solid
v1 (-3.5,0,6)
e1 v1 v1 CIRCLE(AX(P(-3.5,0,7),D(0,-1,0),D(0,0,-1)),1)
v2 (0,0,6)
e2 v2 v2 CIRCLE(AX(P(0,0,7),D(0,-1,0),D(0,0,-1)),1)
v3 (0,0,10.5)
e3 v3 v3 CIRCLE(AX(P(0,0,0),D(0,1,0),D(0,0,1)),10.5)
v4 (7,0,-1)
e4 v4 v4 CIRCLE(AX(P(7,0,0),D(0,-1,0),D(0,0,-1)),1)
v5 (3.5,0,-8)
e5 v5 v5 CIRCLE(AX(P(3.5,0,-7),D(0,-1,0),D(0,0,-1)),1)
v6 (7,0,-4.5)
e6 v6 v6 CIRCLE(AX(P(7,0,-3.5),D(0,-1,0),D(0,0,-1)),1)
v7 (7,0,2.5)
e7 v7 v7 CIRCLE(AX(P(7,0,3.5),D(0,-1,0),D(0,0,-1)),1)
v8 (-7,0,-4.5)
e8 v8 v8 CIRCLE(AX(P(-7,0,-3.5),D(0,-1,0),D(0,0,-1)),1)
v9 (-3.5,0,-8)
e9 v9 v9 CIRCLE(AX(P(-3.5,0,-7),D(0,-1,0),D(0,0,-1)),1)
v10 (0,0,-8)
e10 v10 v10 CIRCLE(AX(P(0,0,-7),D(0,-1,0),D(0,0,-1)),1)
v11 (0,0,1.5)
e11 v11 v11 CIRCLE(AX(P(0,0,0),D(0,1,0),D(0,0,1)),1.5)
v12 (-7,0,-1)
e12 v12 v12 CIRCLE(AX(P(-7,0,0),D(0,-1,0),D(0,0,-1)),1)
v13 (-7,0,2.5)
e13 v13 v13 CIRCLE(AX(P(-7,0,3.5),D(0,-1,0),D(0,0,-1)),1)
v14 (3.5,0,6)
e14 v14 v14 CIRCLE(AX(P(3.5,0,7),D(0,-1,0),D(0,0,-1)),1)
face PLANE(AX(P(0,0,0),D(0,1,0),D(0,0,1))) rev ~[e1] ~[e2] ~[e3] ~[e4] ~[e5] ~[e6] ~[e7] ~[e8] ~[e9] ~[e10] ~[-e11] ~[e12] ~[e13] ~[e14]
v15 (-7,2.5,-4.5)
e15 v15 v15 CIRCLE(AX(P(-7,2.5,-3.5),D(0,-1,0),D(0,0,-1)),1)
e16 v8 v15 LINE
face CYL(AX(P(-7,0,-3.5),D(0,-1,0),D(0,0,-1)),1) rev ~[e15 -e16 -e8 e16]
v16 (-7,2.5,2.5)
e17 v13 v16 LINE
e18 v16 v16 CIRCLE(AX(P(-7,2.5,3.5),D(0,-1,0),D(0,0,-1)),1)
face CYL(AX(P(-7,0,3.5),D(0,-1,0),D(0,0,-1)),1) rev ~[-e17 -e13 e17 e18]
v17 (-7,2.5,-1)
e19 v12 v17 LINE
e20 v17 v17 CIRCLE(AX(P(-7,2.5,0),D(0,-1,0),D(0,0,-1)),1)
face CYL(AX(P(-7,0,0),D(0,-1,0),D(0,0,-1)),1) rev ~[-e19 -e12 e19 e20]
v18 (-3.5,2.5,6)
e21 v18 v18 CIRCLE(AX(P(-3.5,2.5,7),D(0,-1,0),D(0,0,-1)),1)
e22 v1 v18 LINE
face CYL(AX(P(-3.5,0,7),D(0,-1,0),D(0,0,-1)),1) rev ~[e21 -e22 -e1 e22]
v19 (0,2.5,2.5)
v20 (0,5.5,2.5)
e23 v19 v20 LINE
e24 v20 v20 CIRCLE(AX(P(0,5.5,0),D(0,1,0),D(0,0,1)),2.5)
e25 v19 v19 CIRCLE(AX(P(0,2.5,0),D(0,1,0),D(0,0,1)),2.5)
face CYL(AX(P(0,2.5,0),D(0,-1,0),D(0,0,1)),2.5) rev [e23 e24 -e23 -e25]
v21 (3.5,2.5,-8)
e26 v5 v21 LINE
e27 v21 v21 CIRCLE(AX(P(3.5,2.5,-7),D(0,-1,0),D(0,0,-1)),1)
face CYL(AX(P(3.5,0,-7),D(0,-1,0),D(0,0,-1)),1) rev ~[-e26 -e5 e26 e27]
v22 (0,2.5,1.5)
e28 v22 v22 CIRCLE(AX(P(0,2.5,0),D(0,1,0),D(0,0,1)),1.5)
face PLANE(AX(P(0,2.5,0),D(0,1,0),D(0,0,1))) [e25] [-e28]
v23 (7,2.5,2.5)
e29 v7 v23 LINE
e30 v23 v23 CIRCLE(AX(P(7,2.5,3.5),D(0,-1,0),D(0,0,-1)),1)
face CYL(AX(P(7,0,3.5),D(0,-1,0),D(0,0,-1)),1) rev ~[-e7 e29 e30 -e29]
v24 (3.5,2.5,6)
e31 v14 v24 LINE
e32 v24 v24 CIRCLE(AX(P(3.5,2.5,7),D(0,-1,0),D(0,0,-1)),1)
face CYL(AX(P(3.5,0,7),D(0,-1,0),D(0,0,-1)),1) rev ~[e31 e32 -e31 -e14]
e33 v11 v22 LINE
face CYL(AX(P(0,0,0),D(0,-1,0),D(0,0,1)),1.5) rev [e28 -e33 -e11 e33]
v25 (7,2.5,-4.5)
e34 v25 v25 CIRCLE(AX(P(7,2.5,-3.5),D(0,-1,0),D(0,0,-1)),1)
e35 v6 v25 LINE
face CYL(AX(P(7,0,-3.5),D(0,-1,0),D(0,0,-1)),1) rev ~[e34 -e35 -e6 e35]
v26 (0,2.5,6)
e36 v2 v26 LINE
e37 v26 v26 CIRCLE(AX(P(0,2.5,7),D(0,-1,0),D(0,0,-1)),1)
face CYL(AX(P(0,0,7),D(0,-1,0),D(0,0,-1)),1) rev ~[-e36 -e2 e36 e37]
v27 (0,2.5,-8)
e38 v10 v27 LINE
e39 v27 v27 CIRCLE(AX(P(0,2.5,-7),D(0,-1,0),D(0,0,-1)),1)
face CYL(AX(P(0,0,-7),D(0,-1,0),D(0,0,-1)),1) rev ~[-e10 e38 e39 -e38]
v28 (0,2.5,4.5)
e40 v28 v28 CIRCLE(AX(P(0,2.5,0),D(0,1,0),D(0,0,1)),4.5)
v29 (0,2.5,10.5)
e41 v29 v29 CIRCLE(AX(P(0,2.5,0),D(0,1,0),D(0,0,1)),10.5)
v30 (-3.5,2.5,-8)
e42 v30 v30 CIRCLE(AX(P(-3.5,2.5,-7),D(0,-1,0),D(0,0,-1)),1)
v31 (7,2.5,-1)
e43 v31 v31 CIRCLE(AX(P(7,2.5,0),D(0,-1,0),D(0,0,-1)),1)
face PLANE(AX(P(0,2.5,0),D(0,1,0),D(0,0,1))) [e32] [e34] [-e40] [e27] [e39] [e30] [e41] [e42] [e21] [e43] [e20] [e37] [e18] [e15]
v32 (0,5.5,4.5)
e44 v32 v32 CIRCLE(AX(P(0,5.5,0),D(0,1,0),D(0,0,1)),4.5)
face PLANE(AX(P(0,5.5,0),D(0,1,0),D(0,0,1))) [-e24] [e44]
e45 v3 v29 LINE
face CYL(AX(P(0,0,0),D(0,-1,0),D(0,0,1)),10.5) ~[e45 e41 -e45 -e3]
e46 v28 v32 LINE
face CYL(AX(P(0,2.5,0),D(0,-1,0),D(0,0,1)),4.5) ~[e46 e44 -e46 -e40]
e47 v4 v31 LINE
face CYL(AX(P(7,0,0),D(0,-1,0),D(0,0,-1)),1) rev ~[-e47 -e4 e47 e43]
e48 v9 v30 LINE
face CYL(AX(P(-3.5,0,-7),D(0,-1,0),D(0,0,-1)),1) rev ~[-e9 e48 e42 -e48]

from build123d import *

# Parameters (mm, degrees)
SKETCH1_R           = 10.5
SKETCH1_R_2         = 1.5
BOSS_EXTRUDE1_DEPTH = 2.5
SKETCH2_R           = 4.5
SKETCH2_R_2         = 2.5
BOSS_EXTRUDE2_DEPTH = 3
CUT_EXTRUDE1_REACH  = 17.835
SKETCH3_R           = 1


with BuildPart() as part:
    # Sketch1 → Boss-Extrude1 (new body)
    with BuildSketch(Plane(origin=(0, 0, 0), x_dir=(1, 0, 0), z_dir=(0, 1, 0))):
        with Locations(Location((0, 0, 0), (0, 0, 270))):
            Circle(SKETCH1_R)
        with Locations(Location((0, 0, 0), (0, 0, 270))):
            Circle(SKETCH1_R_2, mode=Mode.SUBTRACT)
    extrude(amount=BOSS_EXTRUDE1_DEPTH)

    # Sketch2 → Boss-Extrude2 (add)
    with BuildSketch(Plane(origin=(0, 2.5, 0), x_dir=(1, 0, 0), z_dir=(0, 1, 0))):
        with Locations(Location((0, 0, 0), (0, 0, 270))):
            Circle(SKETCH2_R)
        with Locations(Location((0, 0, 0), (0, 0, 270))):
            Circle(SKETCH2_R_2, mode=Mode.SUBTRACT)
    extrude(amount=BOSS_EXTRUDE2_DEPTH)

    # Sketch3 → Cut-Extrude1 (cut, up to next)
    with BuildSketch(Plane.XZ, mode=Mode.PRIVATE) as cut_extrude1_sk1:
        with Locations(Location((-3.5, 7, 0), (0, 0, 270))):
            Circle(SKETCH3_R)
    cut_extrude1_tool1 = extrude(cut_extrude1_sk1.sketch, amount=-CUT_EXTRUDE1_REACH, mode=Mode.PRIVATE) & part.part
    # Sketch3 → Cut-Extrude1 (cut, up to next)
    with BuildSketch(Plane.XZ, mode=Mode.PRIVATE) as cut_extrude1_sk2:
        with Locations(Location((0, 7, 0), (0, 0, 270))):
            Circle(SKETCH3_R)
    cut_extrude1_tool2 = extrude(cut_extrude1_sk2.sketch, amount=-CUT_EXTRUDE1_REACH, mode=Mode.PRIVATE) & part.part
    # Sketch3 → Cut-Extrude1 (cut, up to next)
    with BuildSketch(Plane.XZ, mode=Mode.PRIVATE) as cut_extrude1_sk3:
        with Locations(Location((3.5, 7, 0), (0, 0, 270))):
            Circle(SKETCH3_R)
    cut_extrude1_tool3 = extrude(cut_extrude1_sk3.sketch, amount=-CUT_EXTRUDE1_REACH, mode=Mode.PRIVATE) & part.part
    # Sketch3 → Cut-Extrude1 (cut, up to next)
    with BuildSketch(Plane.XZ, mode=Mode.PRIVATE) as cut_extrude1_sk4:
        with Locations(Location((7, -3.5, 0), (0, 0, 270))):
            Circle(SKETCH3_R)
    cut_extrude1_tool4 = extrude(cut_extrude1_sk4.sketch, amount=-CUT_EXTRUDE1_REACH, mode=Mode.PRIVATE) & part.part
    # Sketch3 → Cut-Extrude1 (cut, up to next)
    with BuildSketch(Plane.XZ, mode=Mode.PRIVATE) as cut_extrude1_sk5:
        with Locations(Location((7, 0, 0), (0, 0, 270))):
            Circle(SKETCH3_R)
    cut_extrude1_tool5 = extrude(cut_extrude1_sk5.sketch, amount=-CUT_EXTRUDE1_REACH, mode=Mode.PRIVATE) & part.part
    # Sketch3 → Cut-Extrude1 (cut, up to next)
    with BuildSketch(Plane.XZ, mode=Mode.PRIVATE) as cut_extrude1_sk6:
        with Locations(Location((7, 3.5, 0), (0, 0, 270))):
            Circle(SKETCH3_R)
    cut_extrude1_tool6 = extrude(cut_extrude1_sk6.sketch, amount=-CUT_EXTRUDE1_REACH, mode=Mode.PRIVATE) & part.part
    # Sketch3 → Cut-Extrude1 (cut, up to next)
    with BuildSketch(Plane.XZ, mode=Mode.PRIVATE) as cut_extrude1_sk7:
        with Locations(Location((-3.5, -7, 0), (0, 0, 270))):
            Circle(SKETCH3_R)
    cut_extrude1_tool7 = extrude(cut_extrude1_sk7.sketch, amount=-CUT_EXTRUDE1_REACH, mode=Mode.PRIVATE) & part.part
    # Sketch3 → Cut-Extrude1 (cut, up to next)
    with BuildSketch(Plane.XZ, mode=Mode.PRIVATE) as cut_extrude1_sk8:
        with Locations(Location((0, -7, 0), (0, 0, 270))):
            Circle(SKETCH3_R)
    cut_extrude1_tool8 = extrude(cut_extrude1_sk8.sketch, amount=-CUT_EXTRUDE1_REACH, mode=Mode.PRIVATE) & part.part
    # Sketch3 → Cut-Extrude1 (cut, up to next)
    with BuildSketch(Plane.XZ, mode=Mode.PRIVATE) as cut_extrude1_sk9:
        with Locations(Location((3.5, -7, 0), (0, 0, 270))):
            Circle(SKETCH3_R)
    cut_extrude1_tool9 = extrude(cut_extrude1_sk9.sketch, amount=-CUT_EXTRUDE1_REACH, mode=Mode.PRIVATE) & part.part
    # Sketch3 → Cut-Extrude1 (cut, up to next)
    with BuildSketch(Plane.XZ, mode=Mode.PRIVATE) as cut_extrude1_sk10:
        with Locations(Location((-7, 3.5, 0), (0, 0, 270))):
            Circle(SKETCH3_R)
    cut_extrude1_tool10 = extrude(cut_extrude1_sk10.sketch, amount=-CUT_EXTRUDE1_REACH, mode=Mode.PRIVATE) & part.part
    # Sketch3 → Cut-Extrude1 (cut, up to next)
    with BuildSketch(Plane.XZ, mode=Mode.PRIVATE) as cut_extrude1_sk11:
        with Locations(Location((-7, 0, 0), (0, 0, 270))):
            Circle(SKETCH3_R)
    cut_extrude1_tool11 = extrude(cut_extrude1_sk11.sketch, amount=-CUT_EXTRUDE1_REACH, mode=Mode.PRIVATE) & part.part
    # Sketch3 → Cut-Extrude1 (cut, up to next)
    with BuildSketch(Plane.XZ, mode=Mode.PRIVATE) as cut_extrude1_sk12:
        with Locations(Location((-7, -3.5, 0), (0, 0, 270))):
            Circle(SKETCH3_R)
    cut_extrude1_tool12 = extrude(cut_extrude1_sk12.sketch, amount=-CUT_EXTRUDE1_REACH, mode=Mode.PRIVATE) & part.part
    add(cut_extrude1_tool1.solids().sort_by_distance((-3.5, 0, 7))[0], mode=Mode.SUBTRACT)
    add(cut_extrude1_tool2.solids().sort_by_distance((0, 0, 7))[0], mode=Mode.SUBTRACT)
    add(cut_extrude1_tool3.solids().sort_by_distance((3.5, 0, 7))[0], mode=Mode.SUBTRACT)
    add(cut_extrude1_tool4.solids().sort_by_distance((7, 0, -3.5))[0], mode=Mode.SUBTRACT)
    add(cut_extrude1_tool5.solids().sort_by_distance((7, 0, 0))[0], mode=Mode.SUBTRACT)
    add(cut_extrude1_tool6.solids().sort_by_distance((7, 0, 3.5))[0], mode=Mode.SUBTRACT)
    add(cut_extrude1_tool7.solids().sort_by_distance((-3.5, 0, -7))[0], mode=Mode.SUBTRACT)
    add(cut_extrude1_tool8.solids().sort_by_distance((0, 0, -7))[0], mode=Mode.SUBTRACT)
    add(cut_extrude1_tool9.solids().sort_by_distance((3.5, 0, -7))[0], mode=Mode.SUBTRACT)
    add(cut_extrude1_tool10.solids().sort_by_distance((-7, 0, 3.5))[0], mode=Mode.SUBTRACT)
    add(cut_extrude1_tool11.solids().sort_by_distance((-7, 0, 0))[0], mode=Mode.SUBTRACT)
    add(cut_extrude1_tool12.solids().sort_by_distance((-7, 0, -3.5))[0], mode=Mode.SUBTRACT)


solid = part.part
